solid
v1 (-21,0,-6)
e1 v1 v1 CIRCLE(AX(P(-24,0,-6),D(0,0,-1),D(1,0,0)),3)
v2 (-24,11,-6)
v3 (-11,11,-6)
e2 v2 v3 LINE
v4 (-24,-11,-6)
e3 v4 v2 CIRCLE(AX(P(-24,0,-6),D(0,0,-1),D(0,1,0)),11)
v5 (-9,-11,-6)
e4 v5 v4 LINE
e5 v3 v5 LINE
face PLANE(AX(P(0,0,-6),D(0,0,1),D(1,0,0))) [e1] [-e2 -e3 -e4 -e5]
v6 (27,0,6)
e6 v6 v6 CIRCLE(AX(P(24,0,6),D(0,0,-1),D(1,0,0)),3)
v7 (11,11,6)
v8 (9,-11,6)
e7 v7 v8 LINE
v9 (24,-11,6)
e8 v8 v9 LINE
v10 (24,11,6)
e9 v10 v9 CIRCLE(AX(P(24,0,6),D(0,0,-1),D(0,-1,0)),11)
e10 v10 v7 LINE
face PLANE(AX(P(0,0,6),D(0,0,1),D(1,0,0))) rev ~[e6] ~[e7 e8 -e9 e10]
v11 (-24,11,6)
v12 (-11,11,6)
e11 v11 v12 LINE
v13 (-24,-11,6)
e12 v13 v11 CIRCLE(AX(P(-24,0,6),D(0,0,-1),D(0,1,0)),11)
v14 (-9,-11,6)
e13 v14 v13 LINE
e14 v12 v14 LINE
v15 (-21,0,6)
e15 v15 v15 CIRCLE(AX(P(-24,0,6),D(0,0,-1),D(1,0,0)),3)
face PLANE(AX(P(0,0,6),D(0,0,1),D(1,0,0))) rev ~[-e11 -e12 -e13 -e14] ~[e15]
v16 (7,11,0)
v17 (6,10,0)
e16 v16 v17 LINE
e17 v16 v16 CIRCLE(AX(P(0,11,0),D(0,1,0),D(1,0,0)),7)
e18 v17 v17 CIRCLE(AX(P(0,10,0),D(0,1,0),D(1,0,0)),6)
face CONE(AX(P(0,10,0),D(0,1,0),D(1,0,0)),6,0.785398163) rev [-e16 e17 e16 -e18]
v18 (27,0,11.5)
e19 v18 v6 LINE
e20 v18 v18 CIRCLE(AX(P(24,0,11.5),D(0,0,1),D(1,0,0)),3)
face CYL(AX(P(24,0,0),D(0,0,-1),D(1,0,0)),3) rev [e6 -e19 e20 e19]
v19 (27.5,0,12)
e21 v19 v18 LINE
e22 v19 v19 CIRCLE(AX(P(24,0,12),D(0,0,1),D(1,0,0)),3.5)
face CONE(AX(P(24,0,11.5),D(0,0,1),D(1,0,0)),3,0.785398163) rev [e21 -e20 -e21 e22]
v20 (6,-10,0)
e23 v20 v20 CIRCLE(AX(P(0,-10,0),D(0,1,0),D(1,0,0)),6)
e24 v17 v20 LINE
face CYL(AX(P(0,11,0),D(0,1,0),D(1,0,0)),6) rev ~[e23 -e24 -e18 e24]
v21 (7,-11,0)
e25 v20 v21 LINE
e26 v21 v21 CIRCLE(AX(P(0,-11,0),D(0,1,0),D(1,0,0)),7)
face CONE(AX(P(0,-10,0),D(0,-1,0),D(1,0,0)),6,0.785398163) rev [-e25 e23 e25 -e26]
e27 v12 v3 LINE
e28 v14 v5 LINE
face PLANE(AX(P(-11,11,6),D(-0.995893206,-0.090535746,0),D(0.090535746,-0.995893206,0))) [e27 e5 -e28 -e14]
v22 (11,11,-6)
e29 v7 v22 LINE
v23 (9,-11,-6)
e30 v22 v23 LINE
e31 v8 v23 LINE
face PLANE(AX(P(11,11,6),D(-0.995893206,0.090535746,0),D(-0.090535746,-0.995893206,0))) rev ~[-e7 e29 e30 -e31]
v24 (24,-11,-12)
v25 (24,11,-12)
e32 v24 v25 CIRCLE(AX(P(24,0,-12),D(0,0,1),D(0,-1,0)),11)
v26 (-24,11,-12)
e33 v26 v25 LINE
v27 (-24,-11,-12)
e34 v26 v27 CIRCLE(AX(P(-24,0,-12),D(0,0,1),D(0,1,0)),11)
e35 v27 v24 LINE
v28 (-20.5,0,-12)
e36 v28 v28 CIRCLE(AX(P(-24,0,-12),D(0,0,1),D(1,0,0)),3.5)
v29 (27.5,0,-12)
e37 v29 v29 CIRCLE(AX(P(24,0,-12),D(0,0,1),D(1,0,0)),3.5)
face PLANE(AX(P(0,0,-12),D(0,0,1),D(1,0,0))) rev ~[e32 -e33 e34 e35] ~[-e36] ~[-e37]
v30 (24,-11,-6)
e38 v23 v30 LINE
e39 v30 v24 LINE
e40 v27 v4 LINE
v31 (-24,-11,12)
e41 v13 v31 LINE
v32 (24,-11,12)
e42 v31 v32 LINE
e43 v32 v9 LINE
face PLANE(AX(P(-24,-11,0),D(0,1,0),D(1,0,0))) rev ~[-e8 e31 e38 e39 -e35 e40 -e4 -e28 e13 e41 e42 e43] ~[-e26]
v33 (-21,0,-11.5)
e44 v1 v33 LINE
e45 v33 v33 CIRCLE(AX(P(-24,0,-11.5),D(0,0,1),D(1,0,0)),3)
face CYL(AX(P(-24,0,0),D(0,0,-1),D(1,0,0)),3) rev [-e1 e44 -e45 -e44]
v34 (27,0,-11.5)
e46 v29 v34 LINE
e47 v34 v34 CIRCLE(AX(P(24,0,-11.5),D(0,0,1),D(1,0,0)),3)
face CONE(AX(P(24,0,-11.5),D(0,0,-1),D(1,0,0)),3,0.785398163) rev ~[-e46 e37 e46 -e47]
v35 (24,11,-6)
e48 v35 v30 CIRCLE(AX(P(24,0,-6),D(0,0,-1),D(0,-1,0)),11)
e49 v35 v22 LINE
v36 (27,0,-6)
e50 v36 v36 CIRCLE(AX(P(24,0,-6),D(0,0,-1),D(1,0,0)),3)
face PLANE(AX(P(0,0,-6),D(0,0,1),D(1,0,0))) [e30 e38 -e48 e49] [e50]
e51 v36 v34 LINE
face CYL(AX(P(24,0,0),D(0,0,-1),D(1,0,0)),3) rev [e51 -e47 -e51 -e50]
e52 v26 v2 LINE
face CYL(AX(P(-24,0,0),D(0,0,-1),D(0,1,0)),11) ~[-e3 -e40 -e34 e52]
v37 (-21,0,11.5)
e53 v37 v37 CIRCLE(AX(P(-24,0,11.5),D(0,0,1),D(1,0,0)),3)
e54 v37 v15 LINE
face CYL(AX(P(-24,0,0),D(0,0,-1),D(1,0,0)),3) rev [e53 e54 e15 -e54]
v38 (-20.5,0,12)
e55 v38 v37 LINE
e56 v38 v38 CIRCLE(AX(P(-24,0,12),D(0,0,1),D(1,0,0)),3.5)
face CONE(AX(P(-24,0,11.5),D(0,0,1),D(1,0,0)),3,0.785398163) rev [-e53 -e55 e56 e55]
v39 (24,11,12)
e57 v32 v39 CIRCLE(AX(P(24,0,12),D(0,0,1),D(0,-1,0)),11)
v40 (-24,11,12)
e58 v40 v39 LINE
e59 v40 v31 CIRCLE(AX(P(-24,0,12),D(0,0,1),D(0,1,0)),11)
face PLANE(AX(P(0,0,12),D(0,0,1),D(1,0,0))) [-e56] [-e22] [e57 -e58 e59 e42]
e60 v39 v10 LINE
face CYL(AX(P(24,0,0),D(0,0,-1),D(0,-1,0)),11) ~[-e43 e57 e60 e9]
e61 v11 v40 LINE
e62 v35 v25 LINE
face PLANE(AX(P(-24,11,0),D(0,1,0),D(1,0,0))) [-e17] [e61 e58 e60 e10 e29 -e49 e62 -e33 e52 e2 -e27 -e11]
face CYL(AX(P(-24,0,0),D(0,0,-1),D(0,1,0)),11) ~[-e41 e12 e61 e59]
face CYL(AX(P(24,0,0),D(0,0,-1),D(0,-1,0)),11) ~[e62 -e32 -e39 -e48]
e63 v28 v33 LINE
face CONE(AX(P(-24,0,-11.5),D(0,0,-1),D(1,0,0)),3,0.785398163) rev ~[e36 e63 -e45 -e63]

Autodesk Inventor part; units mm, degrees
ref_plane "YZ Plane" through (0, 0, 0) normal (1, 0, 0) x (0, 1, 0)
ref_plane "XZ Plane" through (0, 0, 0) normal (0, 1, 0) x (-1, 0, 0)
sketch "Náčrt1" plane through (0, 0, 0) normal (0, 0, 1) x (1, 0, 0)
  line L0 (0, -15.4) -> (0, 15.4) construction
  line L1 (-49, 0) -> (49, 0) construction
  arc A0 (-24, 11) -> (-24, -11) centre (-24, 0) ccw
  arc A1 (24, -11) -> (24, 11) centre (24, 0) ccw
  line L2 (-24, 11) -> (24, 11)
  line L3 (-24, -11) -> (24, -11)
  circle A2 centre (-24, 0) radius 3
  circle A3 centre (24, 0) radius 3
  point P0 (0, 0)
  point P1 (0, -11)
  point P2 (0, 11)
  dimension "d0" = 22
  dimension "d1" = 22
  dimension "d2" = 48
  dimension "d3" = 6
  dimension "d4" = 6
extrude "Vysunutí1" add sketch "Náčrt1" along normal mid plane 24
ref_plane "Pracovní rovina1" through (0, 0, 6) normal (0, 0, 1) x (1, 0, 0)
sketch "Náčrt2" plane through (0, 0, 6) normal (0, 0, 1) x (1, 0, 0)
  line L0 (-56, 0) -> (56, 0) construction
  line L1 (0, -15.4) -> (0, 15.4) construction
  line L2 (11, 11) -> (9, -11)
  line L3 (9, -11) -> (40, -11)
  line L4 (40, -11) -> (40, 11)
  line L5 (40, 11) -> (11, 11)
  line L6 (24, 11) -> (-24, 11) construction
  line L7 (-24, -11) -> (24, -11) construction
  line L8 (-11, 11) -> (-9, -11)
  line L9 (-9, -11) -> (-40, -11)
  line L10 (-40, -11) -> (-40, 11)
  line L11 (-40, 11) -> (-11, 11)
  point P0 (0, 0)
  dimension "d10" = 11
  dimension "d11" = 9
  dimension "d12" = 40
  dimension "d15" = 0
  dimension "d16" = 0
extrude "Vysunutí3" cut sketch "Náčrt2" against normal blind 12
sketch "Náčrt3" plane through (-24, 11, -12) normal (0, 1, 0) x (1, 0, 0)
  circle A0 centre (24, -12) radius 6
  dimension "d19" = 12
extrude "Vysunutí4" cut sketch "Náčrt3" against normal up to next
chamfer "Zkosení1" distance 1 angle 45 2 edges at (-6, 11, 0) (-6, -11, 0)
chamfer "Zkosení2" distance 0.5 angle 45 4 edges at (-27, 0, 12) (21, 0, 12) (21, 0, -12) (-27, 0, -12)
thread "Závit1" size "M12x1" class "6H" standard "ISO Metric profile" full length
properties part number "Součást25"
